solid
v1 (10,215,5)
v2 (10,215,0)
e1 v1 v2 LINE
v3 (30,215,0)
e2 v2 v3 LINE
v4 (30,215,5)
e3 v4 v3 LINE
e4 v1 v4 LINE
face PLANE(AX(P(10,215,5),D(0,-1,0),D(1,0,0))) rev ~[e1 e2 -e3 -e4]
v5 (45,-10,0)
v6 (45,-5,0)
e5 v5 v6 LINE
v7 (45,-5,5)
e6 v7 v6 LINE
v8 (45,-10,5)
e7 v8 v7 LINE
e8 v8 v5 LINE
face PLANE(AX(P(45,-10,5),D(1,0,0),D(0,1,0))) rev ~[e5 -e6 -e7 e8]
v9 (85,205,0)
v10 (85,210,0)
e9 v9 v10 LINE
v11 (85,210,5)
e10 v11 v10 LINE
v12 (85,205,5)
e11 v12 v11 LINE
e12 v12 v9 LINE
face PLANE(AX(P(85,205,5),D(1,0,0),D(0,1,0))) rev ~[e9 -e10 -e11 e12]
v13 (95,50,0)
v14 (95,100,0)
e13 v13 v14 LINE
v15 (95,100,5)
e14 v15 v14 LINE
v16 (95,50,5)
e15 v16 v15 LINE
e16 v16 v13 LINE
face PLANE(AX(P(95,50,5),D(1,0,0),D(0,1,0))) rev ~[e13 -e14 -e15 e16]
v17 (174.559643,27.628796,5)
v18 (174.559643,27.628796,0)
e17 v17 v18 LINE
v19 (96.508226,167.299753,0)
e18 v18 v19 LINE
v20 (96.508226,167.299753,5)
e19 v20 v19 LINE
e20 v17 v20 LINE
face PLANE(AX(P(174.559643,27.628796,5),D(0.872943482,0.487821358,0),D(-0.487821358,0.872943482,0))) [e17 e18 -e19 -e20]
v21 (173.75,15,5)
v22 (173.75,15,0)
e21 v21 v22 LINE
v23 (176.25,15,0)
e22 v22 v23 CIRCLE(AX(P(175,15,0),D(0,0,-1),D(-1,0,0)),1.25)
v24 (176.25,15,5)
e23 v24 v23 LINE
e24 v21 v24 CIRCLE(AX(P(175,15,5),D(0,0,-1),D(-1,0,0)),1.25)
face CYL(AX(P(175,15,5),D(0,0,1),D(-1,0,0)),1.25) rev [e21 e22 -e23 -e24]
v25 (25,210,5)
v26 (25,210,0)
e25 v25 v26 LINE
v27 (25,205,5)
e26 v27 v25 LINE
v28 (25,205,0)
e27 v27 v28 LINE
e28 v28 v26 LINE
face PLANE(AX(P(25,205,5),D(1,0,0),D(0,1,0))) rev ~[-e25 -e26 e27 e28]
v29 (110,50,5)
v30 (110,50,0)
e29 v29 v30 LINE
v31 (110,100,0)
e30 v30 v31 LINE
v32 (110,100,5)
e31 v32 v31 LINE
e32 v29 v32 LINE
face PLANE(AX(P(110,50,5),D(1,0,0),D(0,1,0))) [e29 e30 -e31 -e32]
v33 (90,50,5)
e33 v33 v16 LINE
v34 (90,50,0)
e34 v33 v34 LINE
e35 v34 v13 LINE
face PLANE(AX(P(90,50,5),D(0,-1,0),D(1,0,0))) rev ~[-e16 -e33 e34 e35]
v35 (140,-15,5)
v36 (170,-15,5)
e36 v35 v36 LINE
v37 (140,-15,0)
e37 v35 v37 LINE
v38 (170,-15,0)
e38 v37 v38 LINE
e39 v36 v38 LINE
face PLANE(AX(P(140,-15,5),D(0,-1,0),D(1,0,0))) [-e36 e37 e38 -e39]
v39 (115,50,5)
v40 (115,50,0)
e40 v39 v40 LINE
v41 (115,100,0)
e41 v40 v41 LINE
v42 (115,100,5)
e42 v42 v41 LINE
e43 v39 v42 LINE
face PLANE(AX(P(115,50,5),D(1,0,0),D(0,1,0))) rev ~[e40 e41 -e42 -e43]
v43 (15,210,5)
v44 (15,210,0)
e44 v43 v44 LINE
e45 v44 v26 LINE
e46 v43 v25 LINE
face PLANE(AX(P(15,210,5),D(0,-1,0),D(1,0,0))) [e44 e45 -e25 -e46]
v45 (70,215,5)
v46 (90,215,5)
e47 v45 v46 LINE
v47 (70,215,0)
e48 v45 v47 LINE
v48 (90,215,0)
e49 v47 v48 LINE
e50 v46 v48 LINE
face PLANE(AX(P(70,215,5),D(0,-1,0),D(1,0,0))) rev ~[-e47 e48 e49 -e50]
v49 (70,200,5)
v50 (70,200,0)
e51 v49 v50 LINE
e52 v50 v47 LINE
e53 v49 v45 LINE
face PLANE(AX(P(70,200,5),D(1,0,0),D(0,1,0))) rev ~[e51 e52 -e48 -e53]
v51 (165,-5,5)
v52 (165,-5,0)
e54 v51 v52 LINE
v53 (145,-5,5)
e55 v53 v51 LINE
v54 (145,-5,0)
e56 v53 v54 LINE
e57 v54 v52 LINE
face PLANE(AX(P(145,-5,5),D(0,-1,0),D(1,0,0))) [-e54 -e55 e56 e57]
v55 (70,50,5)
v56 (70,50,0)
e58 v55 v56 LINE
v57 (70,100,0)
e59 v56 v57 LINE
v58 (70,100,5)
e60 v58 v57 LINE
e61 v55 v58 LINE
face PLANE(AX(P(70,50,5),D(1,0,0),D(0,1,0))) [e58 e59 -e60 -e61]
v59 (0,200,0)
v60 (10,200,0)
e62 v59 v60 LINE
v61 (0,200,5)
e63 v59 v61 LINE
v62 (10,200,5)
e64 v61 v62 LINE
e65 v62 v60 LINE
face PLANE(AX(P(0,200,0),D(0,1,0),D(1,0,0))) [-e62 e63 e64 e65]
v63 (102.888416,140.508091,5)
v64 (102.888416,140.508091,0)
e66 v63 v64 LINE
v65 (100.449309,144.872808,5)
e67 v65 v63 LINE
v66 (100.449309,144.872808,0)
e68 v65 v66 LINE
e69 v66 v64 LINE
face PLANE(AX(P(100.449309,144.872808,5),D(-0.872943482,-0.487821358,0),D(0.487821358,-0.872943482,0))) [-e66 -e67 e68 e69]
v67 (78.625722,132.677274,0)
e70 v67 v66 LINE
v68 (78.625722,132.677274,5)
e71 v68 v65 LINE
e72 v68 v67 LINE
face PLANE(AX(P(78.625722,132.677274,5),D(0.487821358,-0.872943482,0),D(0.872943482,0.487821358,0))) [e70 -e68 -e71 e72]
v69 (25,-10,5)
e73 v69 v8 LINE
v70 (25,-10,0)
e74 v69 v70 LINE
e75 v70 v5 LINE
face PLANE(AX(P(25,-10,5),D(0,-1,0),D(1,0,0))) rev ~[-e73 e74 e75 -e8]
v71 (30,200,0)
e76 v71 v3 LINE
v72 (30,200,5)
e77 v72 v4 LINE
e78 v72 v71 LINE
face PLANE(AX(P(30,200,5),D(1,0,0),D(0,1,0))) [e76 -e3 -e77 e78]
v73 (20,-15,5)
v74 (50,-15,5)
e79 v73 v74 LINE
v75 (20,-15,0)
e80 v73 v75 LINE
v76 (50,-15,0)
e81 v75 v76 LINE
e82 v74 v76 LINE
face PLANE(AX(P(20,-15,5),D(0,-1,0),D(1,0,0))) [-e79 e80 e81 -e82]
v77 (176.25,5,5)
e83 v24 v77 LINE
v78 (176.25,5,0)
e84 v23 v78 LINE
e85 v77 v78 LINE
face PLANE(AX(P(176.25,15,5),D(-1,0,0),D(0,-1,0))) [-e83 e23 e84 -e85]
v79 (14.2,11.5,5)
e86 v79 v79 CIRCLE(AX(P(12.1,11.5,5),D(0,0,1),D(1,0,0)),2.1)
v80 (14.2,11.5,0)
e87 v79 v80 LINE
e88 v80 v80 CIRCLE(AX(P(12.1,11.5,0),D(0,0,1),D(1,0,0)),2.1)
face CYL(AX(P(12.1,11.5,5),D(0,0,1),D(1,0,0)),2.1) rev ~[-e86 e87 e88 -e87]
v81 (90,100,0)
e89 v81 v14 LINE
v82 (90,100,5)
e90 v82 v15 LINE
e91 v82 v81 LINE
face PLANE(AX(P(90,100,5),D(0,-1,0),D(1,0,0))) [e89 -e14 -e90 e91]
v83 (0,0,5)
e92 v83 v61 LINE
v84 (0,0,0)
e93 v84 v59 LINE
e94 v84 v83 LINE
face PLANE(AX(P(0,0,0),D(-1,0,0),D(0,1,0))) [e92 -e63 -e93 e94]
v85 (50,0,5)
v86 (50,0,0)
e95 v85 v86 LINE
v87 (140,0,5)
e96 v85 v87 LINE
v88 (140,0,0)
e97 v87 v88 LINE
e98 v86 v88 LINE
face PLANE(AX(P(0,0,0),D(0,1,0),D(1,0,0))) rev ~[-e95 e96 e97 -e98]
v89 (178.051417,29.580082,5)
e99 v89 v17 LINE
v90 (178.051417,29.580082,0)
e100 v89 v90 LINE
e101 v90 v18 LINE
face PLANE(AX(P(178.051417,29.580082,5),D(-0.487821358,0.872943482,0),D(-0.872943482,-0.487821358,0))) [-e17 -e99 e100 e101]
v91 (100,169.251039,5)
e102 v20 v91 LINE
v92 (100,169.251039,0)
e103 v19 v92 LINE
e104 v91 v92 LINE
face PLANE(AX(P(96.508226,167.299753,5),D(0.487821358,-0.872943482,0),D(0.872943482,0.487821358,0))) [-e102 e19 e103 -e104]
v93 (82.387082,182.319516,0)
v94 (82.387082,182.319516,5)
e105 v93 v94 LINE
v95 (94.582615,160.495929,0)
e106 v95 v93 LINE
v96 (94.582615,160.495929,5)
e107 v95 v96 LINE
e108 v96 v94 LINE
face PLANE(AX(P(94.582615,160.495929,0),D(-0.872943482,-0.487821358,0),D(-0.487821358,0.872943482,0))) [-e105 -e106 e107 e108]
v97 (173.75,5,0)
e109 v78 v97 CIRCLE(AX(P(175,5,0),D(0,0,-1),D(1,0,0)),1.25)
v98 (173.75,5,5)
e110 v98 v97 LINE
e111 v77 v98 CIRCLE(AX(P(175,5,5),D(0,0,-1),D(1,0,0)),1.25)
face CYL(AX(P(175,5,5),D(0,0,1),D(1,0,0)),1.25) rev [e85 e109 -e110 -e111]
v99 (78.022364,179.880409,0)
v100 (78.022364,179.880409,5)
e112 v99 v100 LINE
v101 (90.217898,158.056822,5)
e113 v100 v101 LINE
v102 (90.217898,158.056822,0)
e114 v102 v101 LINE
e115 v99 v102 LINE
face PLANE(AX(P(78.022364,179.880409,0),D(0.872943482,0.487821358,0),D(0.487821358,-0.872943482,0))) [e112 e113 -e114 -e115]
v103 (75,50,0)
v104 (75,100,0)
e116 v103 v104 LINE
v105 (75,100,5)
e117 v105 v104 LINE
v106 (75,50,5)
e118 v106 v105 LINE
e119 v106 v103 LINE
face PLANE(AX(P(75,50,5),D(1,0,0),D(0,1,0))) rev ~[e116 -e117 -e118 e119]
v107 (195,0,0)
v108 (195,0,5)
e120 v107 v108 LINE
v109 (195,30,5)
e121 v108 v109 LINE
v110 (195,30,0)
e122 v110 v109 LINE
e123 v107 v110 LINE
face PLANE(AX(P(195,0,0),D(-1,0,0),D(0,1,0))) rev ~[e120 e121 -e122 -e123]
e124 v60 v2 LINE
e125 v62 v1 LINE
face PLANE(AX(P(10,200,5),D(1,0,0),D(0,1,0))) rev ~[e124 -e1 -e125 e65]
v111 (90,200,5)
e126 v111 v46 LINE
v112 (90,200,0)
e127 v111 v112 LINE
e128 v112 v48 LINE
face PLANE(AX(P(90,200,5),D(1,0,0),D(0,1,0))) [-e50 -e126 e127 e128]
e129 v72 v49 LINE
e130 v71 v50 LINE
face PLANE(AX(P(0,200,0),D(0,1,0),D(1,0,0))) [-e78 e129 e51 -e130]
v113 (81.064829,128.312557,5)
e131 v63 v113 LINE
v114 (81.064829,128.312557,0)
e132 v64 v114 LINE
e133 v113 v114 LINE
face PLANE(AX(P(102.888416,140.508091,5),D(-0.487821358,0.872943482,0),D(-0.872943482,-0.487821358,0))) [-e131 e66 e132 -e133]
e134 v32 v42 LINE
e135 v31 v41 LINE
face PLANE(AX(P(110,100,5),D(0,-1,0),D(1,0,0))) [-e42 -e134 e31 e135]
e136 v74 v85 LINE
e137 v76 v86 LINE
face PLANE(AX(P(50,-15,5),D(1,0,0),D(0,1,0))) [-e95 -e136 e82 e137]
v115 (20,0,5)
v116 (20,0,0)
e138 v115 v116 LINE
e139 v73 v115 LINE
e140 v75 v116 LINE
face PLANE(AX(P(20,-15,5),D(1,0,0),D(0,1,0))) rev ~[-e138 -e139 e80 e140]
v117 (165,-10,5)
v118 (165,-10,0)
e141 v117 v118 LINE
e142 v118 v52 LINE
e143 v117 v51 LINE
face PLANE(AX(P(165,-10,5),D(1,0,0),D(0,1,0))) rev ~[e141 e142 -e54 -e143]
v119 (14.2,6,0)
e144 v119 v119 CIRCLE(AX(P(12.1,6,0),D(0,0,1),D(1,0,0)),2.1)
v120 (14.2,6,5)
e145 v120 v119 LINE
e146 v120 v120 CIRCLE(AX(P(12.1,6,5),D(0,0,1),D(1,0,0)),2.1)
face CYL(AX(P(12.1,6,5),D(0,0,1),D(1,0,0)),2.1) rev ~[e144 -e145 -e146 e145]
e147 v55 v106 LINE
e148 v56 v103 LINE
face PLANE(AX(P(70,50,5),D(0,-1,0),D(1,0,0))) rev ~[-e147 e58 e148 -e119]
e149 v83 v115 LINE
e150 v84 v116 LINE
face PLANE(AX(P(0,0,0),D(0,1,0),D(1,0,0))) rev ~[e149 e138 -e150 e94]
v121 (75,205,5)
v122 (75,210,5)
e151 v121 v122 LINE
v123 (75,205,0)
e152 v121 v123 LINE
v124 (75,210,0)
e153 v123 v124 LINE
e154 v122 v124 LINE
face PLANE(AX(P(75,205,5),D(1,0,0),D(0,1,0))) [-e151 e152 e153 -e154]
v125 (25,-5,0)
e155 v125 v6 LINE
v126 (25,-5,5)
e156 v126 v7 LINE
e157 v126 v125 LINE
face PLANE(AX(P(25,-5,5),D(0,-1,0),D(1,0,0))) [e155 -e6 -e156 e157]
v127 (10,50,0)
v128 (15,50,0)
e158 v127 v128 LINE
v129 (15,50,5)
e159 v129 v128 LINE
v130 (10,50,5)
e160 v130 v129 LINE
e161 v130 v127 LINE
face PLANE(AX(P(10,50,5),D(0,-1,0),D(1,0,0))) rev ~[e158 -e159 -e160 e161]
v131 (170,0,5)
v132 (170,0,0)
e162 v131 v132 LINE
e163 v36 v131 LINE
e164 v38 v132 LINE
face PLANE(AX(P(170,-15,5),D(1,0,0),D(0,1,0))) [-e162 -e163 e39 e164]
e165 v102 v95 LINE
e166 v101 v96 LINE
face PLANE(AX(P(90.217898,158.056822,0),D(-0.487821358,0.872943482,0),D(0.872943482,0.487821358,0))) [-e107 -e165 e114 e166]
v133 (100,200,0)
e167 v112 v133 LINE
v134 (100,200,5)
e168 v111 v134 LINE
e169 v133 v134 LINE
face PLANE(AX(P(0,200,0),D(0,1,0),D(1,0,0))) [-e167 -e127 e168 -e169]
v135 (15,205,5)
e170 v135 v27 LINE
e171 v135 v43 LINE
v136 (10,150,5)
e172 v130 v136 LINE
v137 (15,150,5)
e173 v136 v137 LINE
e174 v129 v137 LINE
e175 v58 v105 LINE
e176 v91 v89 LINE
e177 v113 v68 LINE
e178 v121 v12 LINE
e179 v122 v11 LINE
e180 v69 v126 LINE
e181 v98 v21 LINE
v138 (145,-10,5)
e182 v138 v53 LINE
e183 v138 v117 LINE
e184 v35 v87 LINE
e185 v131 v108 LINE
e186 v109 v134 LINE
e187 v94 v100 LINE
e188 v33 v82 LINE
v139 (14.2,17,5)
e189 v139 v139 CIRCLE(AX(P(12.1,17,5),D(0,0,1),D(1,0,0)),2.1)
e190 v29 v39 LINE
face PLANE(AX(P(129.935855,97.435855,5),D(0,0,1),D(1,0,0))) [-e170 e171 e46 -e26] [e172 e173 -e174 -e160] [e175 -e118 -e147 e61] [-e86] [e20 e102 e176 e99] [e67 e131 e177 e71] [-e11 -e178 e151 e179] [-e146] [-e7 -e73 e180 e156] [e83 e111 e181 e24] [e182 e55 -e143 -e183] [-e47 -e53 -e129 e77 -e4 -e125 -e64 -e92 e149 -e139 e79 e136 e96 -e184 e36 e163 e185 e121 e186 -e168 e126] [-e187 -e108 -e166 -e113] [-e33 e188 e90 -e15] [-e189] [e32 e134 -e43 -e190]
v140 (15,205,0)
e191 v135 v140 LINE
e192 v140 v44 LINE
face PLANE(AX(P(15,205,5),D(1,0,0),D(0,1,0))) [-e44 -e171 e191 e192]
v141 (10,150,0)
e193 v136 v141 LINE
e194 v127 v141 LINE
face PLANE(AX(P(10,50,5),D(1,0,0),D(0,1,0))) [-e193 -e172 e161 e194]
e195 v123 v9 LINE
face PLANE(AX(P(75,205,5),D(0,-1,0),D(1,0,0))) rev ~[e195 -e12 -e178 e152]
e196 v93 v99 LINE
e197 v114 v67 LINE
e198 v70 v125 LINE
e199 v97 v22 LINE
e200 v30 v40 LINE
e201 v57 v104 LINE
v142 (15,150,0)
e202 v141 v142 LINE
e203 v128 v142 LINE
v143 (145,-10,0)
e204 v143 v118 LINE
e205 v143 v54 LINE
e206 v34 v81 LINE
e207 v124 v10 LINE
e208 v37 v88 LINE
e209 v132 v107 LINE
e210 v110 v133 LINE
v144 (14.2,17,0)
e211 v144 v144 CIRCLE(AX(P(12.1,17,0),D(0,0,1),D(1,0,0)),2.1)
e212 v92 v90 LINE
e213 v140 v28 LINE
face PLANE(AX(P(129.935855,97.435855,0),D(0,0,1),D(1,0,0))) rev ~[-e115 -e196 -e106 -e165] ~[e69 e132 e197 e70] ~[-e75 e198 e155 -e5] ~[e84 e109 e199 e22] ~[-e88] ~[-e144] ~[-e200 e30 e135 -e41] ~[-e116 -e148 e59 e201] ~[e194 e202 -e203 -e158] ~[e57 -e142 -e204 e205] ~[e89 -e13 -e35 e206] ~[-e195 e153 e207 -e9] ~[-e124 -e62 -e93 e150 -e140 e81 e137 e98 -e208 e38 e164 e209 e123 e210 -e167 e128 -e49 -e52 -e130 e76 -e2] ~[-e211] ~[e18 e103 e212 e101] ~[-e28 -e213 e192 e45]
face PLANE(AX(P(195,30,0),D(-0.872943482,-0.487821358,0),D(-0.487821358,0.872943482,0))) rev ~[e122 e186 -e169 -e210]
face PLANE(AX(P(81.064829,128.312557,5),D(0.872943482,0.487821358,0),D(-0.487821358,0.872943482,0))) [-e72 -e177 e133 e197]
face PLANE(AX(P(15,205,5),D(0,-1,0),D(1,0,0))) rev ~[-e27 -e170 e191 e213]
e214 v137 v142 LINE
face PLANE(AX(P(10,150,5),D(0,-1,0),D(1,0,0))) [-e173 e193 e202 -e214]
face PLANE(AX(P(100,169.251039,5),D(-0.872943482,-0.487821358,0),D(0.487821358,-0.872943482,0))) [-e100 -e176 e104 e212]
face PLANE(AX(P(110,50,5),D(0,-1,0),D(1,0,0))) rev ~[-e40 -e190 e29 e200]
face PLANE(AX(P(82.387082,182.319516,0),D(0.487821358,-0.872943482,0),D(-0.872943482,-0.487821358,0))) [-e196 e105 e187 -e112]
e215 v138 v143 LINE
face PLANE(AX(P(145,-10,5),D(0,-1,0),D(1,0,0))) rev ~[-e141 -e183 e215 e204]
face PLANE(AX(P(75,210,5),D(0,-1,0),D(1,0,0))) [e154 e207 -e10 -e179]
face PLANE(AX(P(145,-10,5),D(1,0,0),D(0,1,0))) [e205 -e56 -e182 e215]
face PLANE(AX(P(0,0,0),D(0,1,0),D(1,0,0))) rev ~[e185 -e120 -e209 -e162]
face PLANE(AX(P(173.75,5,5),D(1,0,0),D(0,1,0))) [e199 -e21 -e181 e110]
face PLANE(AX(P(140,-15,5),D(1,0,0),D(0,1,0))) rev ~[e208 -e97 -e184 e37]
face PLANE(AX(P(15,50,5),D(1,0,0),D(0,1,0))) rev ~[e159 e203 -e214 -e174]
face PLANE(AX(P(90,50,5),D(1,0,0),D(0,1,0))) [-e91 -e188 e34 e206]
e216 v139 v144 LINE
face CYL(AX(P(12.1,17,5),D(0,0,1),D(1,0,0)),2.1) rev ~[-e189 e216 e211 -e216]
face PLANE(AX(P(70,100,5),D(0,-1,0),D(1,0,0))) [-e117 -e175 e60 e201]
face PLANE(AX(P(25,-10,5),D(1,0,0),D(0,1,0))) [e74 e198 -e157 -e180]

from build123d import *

# Parameters (mm, degrees)
SKETCH1_W           = 100
SKETCH1_H           = 200
SKETCH1_W_2         = 95
SKETCH1_H_2         = 30
BOSS_EXTRUDE1_DEPTH = 5
SKETCH2_R           = 2.1
CUT_EXTRUDE1_DEPTH  = 5
SKETCH3_W           = 20
SKETCH3_H           = 15
SKETCH3_W_2         = 10
SKETCH3_H_2         = 5
BOSS_EXTRUDE2_DEPTH = 5
SKETCH4_R           = 2.1
CUT_EXTRUDE2_DEPTH  = 5
SKETCH5_W           = 30
SKETCH5_H           = 15
SKETCH5_W_2         = 20
SKETCH5_H_2         = 5
BOSS_EXTRUDE3_DEPTH = 5
CUT_EXTRUDE3_DEPTH  = 5
SKETCH7_W           = 5
SKETCH7_H           = 50
CUT_EXTRUDE4_DEPTH  = 5
CUT_EXTRUDE5_DEPTH  = 5
SKETCH9_W           = 5
SKETCH9_H           = 100
CUT_EXTRUDE6_DEPTH  = 5
CUT_EXTRUDE7_DEPTH  = 5


with BuildPart() as part:
    # Sketch1 → Boss-Extrude1 (new body)
    with BuildSketch(Plane.XY):
        Polygon((100, 30), (195, 30), (100, 200), align=None)
        with Locations((50, 100)):
            Rectangle(SKETCH1_W, SKETCH1_H)
        with Locations((147.5, 15)):
            Rectangle(SKETCH1_W_2, SKETCH1_H_2)
    extrude(amount=BOSS_EXTRUDE1_DEPTH)

    # Sketch2 → Cut-Extrude1 (cut)
    with BuildSketch(Plane.XY.offset(5)):
        with Locations((12.1, 6)):
            Circle(SKETCH2_R)
    extrude(amount=-CUT_EXTRUDE1_DEPTH, mode=Mode.SUBTRACT)

    # Sketch3 → Boss-Extrude2 (add)
    # profile 1 of 2: a face of its own
    with BuildSketch(Plane.XY.offset(5)):
        with Locations((20, 207.5)):
            Rectangle(SKETCH3_W, SKETCH3_H)
        with Locations((20, 207.5)):
            Rectangle(SKETCH3_W_2, SKETCH3_H_2, mode=Mode.SUBTRACT)
    # profile 2 of 2: a face of its own
    with BuildSketch(Plane.XY.offset(5)):
        with Locations((80, 207.5)):
            Rectangle(SKETCH3_W, SKETCH3_H)
        with Locations((80, 207.5)):
            Rectangle(SKETCH3_W_2, SKETCH3_H_2, mode=Mode.SUBTRACT)
    extrude(amount=-BOSS_EXTRUDE2_DEPTH)

    # Sketch4 → Cut-Extrude2 (cut)
    with BuildSketch(Plane.XY.offset(5)):
        with Locations((12.1, 11.5)):
            Circle(SKETCH4_R)
        with Locations((12.1, 17)):
            Circle(SKETCH4_R)
    extrude(amount=-CUT_EXTRUDE2_DEPTH, mode=Mode.SUBTRACT)

    # Sketch5 → Boss-Extrude3 (add)
    # profile 1 of 2: a face of its own
    with BuildSketch(Plane.XY.offset(5)):
        with Locations((35, -7.5)):
            Rectangle(SKETCH5_W, SKETCH5_H)
        with Locations((35, -7.5)):
            Rectangle(SKETCH5_W_2, SKETCH5_H_2, mode=Mode.SUBTRACT)
    # profile 2 of 2: a face of its own
    with BuildSketch(Plane.XY.offset(5)):
        with Locations((155, -7.5)):
            Rectangle(SKETCH5_W, SKETCH5_H)
        with Locations((155, -7.5)):
            Rectangle(SKETCH5_W_2, SKETCH5_H_2, mode=Mode.SUBTRACT)
    extrude(amount=-BOSS_EXTRUDE3_DEPTH)

    # Sketch6 → Cut-Extrude3 (cut)
    with BuildSketch(Plane.XY.offset(5)):
        Polygon((100, 169.251038799), (178.051417226, 29.580081657), (174.559643298, 27.628796226), (96.508226071, 167.299753368), align=None)
    extrude(amount=-CUT_EXTRUDE3_DEPTH, mode=Mode.SUBTRACT)

    # Sketch7 → Cut-Extrude4 (cut)
    with BuildSketch(Plane.XY.offset(5)):
        with Locations((72.5, 75)):
            Rectangle(SKETCH7_W, SKETCH7_H)
        with Locations((92.5, 75)):
            Rectangle(SKETCH7_W, SKETCH7_H)
        with Locations((112.5, 75)):
            Rectangle(SKETCH7_W, SKETCH7_H)
    extrude(amount=-CUT_EXTRUDE4_DEPTH, mode=Mode.SUBTRACT)

    # Sketch8 → Cut-Extrude5 (cut)
    with BuildSketch(Plane.XY.offset(5)):
        with BuildLine():
            Line((176.25, 15), (176.25, 5))
            ThreePointArc((176.25, 5), (175, 3.75), (173.75, 5))
            Line((173.75, 5), (173.75, 15))
            ThreePointArc((173.75, 15), (175, 16.25), (176.25, 15))
        make_face()
    extrude(amount=-CUT_EXTRUDE5_DEPTH, mode=Mode.SUBTRACT)

    # Sketch9 → Cut-Extrude6 (cut)
    with BuildSketch(Plane.XY.offset(5)):
        Polygon((78.625722092, 132.677274378), (100.449309145, 144.87280832), (102.888415934, 140.508090909), (81.06482888, 128.312556967), align=None)
        with Locations((12.5, 100)):
            Rectangle(SKETCH9_W, SKETCH9_H)
    extrude(amount=-CUT_EXTRUDE6_DEPTH, mode=Mode.SUBTRACT)

    # Sketch10 → Cut-Extrude7 (cut)
    with BuildSketch(Plane(origin=(0, 0, 0), x_dir=(-1, 0, 0), z_dir=(0, 0, -1))):
        Polygon((-94.582615449, 160.495929169), (-82.387081507, 182.319516222), (-78.022364097, 179.880409434), (-90.217898038, 158.056822381), align=None)
    extrude(amount=-CUT_EXTRUDE7_DEPTH, mode=Mode.SUBTRACT)


solid = part.part
